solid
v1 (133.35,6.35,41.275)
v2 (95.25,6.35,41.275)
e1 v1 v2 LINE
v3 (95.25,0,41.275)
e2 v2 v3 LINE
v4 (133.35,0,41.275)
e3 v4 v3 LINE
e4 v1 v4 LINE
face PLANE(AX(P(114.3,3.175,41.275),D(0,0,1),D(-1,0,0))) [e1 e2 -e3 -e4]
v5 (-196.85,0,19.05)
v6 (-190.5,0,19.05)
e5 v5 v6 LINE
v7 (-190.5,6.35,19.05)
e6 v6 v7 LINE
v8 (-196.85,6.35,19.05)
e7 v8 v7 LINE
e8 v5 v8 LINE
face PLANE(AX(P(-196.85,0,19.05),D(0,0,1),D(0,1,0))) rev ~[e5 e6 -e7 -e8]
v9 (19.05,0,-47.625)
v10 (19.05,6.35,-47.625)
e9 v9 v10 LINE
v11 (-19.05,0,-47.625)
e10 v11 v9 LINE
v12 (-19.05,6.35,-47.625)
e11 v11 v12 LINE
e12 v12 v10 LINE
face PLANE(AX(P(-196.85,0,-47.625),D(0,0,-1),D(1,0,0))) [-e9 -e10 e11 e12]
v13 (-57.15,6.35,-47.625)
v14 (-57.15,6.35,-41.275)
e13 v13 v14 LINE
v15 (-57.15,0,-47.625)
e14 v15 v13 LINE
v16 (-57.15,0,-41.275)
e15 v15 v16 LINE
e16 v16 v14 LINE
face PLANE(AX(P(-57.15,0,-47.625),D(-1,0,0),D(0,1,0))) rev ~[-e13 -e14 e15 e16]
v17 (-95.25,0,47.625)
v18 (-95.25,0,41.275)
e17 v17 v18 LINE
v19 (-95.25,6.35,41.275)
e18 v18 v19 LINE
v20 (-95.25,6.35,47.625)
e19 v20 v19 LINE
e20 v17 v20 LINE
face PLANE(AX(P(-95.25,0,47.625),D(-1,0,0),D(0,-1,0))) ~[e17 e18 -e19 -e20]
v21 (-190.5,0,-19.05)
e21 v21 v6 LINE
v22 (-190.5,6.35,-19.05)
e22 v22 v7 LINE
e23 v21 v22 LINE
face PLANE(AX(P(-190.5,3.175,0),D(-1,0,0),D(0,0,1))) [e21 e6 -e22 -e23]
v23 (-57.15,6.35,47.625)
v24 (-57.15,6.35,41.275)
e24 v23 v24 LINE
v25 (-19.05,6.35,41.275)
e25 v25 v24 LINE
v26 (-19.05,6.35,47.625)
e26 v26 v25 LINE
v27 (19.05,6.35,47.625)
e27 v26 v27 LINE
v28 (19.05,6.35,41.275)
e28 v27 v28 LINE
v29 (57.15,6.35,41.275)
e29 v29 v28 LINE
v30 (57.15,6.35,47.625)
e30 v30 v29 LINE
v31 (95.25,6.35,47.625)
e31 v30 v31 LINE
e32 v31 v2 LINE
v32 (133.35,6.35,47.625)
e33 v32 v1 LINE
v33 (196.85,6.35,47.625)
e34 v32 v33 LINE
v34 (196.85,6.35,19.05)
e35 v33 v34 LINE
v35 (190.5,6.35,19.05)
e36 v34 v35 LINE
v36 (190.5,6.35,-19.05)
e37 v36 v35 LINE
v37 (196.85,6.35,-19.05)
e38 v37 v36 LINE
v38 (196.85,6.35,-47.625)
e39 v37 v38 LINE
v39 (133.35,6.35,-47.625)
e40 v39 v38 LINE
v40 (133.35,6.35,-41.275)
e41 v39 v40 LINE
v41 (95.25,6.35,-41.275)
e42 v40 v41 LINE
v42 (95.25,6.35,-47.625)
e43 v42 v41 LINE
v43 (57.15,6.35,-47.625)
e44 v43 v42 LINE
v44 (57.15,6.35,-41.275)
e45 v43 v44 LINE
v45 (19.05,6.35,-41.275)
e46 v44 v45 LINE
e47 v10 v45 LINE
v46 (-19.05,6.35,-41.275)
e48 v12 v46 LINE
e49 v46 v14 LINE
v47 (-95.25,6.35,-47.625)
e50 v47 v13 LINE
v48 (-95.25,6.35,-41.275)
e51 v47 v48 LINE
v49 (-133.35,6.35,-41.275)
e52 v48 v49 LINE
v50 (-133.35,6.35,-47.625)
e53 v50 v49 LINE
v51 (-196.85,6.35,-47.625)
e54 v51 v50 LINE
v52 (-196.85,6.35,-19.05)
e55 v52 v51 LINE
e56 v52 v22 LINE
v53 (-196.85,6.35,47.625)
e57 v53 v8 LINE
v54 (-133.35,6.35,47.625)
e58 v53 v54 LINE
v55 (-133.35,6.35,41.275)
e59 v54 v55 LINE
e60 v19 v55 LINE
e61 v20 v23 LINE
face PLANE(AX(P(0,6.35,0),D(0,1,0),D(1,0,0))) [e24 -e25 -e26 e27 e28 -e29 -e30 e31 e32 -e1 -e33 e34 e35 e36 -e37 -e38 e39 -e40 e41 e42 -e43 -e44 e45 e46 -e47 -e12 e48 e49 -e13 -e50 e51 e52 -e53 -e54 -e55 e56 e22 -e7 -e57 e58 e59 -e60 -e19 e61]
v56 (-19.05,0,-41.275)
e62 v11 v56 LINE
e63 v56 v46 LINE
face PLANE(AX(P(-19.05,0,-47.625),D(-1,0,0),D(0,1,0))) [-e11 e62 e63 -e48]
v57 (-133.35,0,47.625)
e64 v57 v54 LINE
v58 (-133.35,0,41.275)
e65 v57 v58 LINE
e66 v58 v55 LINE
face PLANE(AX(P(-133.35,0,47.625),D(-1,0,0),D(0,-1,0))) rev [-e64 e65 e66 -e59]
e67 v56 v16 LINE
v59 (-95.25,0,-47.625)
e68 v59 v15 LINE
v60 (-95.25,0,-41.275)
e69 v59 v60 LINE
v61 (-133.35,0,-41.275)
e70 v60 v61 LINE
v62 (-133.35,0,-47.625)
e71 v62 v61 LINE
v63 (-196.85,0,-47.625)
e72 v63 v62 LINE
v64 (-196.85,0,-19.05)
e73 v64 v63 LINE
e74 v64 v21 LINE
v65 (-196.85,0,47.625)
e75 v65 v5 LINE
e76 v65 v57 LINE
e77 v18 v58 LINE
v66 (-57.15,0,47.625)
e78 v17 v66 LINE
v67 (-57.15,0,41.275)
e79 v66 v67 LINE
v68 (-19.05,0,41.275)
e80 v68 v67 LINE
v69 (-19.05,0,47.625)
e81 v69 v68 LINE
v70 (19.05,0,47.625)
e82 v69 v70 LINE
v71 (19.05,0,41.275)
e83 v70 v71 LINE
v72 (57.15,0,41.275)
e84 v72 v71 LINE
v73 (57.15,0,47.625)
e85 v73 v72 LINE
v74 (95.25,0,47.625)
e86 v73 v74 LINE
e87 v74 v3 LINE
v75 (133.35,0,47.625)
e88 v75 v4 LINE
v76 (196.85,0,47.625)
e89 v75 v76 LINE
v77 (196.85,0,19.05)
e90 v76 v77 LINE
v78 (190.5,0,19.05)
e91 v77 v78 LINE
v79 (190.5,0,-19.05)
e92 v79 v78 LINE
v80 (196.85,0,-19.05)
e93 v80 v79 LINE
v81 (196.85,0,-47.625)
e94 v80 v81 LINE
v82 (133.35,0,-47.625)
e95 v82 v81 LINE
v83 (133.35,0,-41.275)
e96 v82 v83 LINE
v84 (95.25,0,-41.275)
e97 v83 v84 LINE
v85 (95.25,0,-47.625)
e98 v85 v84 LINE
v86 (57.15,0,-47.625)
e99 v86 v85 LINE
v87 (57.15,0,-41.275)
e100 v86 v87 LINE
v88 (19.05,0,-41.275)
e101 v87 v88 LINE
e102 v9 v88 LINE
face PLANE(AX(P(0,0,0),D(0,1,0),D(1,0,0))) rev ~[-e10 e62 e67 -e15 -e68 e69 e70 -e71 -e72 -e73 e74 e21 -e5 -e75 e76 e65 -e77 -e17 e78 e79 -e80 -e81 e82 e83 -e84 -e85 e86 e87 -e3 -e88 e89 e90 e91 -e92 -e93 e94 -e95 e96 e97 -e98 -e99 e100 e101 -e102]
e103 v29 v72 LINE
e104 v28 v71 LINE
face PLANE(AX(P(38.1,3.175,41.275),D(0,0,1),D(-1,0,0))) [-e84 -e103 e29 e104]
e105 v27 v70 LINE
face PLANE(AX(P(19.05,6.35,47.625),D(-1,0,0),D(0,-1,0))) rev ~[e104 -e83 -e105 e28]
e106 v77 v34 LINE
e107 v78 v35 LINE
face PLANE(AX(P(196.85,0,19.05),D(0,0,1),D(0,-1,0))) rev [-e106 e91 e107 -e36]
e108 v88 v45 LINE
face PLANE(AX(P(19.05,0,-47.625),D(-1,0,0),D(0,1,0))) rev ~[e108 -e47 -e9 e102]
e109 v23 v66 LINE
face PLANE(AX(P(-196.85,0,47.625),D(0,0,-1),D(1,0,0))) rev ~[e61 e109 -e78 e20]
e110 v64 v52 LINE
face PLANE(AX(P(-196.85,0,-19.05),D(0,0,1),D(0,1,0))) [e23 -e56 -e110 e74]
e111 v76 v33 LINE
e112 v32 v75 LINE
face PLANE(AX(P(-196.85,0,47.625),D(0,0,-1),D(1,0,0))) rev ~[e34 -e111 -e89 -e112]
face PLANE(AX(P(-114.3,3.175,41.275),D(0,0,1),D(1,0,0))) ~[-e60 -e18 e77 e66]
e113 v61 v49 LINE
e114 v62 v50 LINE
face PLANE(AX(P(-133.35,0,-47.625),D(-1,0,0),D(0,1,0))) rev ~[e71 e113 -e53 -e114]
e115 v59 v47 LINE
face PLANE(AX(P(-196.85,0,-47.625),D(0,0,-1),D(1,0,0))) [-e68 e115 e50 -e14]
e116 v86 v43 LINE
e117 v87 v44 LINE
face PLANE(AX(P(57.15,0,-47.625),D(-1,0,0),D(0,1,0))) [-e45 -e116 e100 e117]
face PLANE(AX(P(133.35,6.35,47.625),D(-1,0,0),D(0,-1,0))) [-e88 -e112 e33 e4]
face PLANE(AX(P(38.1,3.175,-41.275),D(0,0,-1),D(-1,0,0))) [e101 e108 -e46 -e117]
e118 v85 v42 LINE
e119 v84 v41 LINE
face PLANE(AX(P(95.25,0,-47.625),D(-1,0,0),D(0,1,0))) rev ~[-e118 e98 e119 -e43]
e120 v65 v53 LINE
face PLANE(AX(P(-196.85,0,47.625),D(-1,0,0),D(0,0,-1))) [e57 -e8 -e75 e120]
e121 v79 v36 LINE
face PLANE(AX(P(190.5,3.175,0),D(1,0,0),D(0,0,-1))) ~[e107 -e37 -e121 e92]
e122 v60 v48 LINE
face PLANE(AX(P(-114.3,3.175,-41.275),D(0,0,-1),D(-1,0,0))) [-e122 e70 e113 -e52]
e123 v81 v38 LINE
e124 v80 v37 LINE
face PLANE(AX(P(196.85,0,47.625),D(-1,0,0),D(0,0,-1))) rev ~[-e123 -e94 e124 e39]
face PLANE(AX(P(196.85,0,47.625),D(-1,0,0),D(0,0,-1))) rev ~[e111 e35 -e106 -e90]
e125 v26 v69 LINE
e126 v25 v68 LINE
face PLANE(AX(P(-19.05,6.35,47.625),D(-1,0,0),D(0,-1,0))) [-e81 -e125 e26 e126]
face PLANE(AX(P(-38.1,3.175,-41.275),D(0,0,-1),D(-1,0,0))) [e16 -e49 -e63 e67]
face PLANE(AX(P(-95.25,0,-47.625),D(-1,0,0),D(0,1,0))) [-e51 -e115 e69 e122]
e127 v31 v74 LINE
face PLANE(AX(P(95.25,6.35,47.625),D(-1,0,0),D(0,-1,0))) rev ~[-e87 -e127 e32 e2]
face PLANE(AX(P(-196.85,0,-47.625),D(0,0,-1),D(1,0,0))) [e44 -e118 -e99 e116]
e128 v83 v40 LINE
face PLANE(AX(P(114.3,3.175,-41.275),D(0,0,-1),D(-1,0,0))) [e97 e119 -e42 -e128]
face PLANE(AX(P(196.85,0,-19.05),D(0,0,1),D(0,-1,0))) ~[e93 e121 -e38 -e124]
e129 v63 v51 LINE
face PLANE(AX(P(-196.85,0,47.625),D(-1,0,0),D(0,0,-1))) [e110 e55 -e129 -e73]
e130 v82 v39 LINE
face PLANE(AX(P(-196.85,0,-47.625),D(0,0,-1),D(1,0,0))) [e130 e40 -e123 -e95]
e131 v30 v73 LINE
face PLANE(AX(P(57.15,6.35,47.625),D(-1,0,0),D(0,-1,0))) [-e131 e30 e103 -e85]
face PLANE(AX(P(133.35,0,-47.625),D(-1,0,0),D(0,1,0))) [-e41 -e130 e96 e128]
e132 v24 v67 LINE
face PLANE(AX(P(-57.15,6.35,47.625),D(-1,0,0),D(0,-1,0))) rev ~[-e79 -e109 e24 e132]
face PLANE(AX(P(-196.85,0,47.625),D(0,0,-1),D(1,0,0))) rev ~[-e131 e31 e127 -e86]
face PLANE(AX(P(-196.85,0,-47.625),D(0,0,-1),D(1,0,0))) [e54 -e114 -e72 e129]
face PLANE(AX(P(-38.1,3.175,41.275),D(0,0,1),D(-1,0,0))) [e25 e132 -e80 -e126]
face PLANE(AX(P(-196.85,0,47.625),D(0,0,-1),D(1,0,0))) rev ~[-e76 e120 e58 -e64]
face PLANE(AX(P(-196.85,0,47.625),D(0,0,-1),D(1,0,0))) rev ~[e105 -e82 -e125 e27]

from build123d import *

# Parameters (mm, degrees)
ESQUISSE1_W                = 393.7
ESQUISSE1_H                = 95.25
BOSS_EXTRU_1_DEPTH         = 6.35
ESQUISSE2_W                = 38.1
ESQUISSE2_H                = 6.35
ENL_V_MAT_EXTRU_1_DEPTH    = 6.35
ESQUISSE3_W                = 38.1
ESQUISSE3_H                = 6.35
ENL_V_MAT_EXTRU_2_DEPTH    = 6.35
R_P_TITION_LIN_AIRE1_COUNT = 4
R_P_TITION_LIN_AIRE1_PITCH = 76.2
SYM_TRIE2_COPY_1_SKETCH_W  = 38.1
SYM_TRIE2_COPY_1_SKETCH_H  = 6.35
SYM_TRIE2_COPY_1_DEPTH     = 6.35
SYM_TRIE2_COPY_2_SKETCH_W  = 38.1
SYM_TRIE2_COPY_2_SKETCH_H  = 6.35
SYM_TRIE2_COPY_2_DEPTH     = 6.35
SYM_TRIE2_COPY_3_SKETCH_W  = 38.1
SYM_TRIE2_COPY_3_SKETCH_H  = 6.35
SYM_TRIE2_COPY_3_DEPTH     = 6.35


with BuildPart() as part:
    # Esquisse1 → Boss.-Extru.1 (new body)
    with BuildSketch(Plane(origin=(0, 0, 0), x_dir=(1, 0, 0), z_dir=(0, 1, 0))):
        Rectangle(ESQUISSE1_W, ESQUISSE1_H)
    extrude(amount=BOSS_EXTRU_1_DEPTH)

    # Esquisse2 → Enlèv. mat.-Extru.1 (cut)
    with BuildSketch(Plane.ZY.offset(196.85)):
        with Locations((0, 3.175)):
            Rectangle(ESQUISSE2_W, ESQUISSE2_H)
    enl_v_mat_extru_1 = extrude(amount=-ENL_V_MAT_EXTRU_1_DEPTH, mode=Mode.SUBTRACT)

    # Symétrie1: Enlèv. mat.-Extru.1 across plane
    add(enl_v_mat_extru_1.mirror(Plane(origin=(0, 0, 0), x_dir=(0, 0, 1), z_dir=(1, 0, 0))), mode=Mode.SUBTRACT)

    # Esquisse3 → Enlèv. mat.-Extru.2 (cut)
    with BuildSketch(Plane(origin=(0, 0, -47.625), x_dir=(-1, 0, 0), z_dir=(0, 0, -1))):
        with Locations((114.3, 3.175)):
            Rectangle(ESQUISSE3_W, ESQUISSE3_H)
    enl_v_mat_extru_2 = extrude(amount=-ENL_V_MAT_EXTRU_2_DEPTH, mode=Mode.SUBTRACT)

    # Répétition linéaire1: Enlèv. mat.-Extru.2 ×4
    with Locations(*[(i * R_P_TITION_LIN_AIRE1_PITCH, 0, 0) for i in range(1, R_P_TITION_LIN_AIRE1_COUNT)]):
        add(enl_v_mat_extru_2, mode=Mode.SUBTRACT)

    # Symétrie2: Enlèv. mat.-Extru.2 across plane
    add(enl_v_mat_extru_2.mirror(Plane.XY), mode=Mode.SUBTRACT)

    # Symétrie2 copy 1 sketch → Symétrie2 copy 1 (cut)
    with BuildSketch(Plane(origin=(76.2, 0, 47.625), x_dir=(-1, 0, 0), z_dir=(0, 0, 1))):
        with Locations((114.3, -3.175)):
            Rectangle(SYM_TRIE2_COPY_1_SKETCH_W, SYM_TRIE2_COPY_1_SKETCH_H)
    extrude(amount=-SYM_TRIE2_COPY_1_DEPTH, mode=Mode.SUBTRACT)

    # Symétrie2 copy 2 sketch → Symétrie2 copy 2 (cut)
    with BuildSketch(Plane(origin=(152.4, 0, 47.625), x_dir=(-1, 0, 0), z_dir=(0, 0, 1))):
        with Locations((114.3, -3.175)):
            Rectangle(SYM_TRIE2_COPY_2_SKETCH_W, SYM_TRIE2_COPY_2_SKETCH_H)
    extrude(amount=-SYM_TRIE2_COPY_2_DEPTH, mode=Mode.SUBTRACT)

    # Symétrie2 copy 3 sketch → Symétrie2 copy 3 (cut)
    with BuildSketch(Plane(origin=(228.6, 0, 47.625), x_dir=(-1, 0, 0), z_dir=(0, 0, 1))):
        with Locations((114.3, -3.175)):
            Rectangle(SYM_TRIE2_COPY_3_SKETCH_W, SYM_TRIE2_COPY_3_SKETCH_H)
    extrude(amount=-SYM_TRIE2_COPY_3_DEPTH, mode=Mode.SUBTRACT)


solid = part.part
